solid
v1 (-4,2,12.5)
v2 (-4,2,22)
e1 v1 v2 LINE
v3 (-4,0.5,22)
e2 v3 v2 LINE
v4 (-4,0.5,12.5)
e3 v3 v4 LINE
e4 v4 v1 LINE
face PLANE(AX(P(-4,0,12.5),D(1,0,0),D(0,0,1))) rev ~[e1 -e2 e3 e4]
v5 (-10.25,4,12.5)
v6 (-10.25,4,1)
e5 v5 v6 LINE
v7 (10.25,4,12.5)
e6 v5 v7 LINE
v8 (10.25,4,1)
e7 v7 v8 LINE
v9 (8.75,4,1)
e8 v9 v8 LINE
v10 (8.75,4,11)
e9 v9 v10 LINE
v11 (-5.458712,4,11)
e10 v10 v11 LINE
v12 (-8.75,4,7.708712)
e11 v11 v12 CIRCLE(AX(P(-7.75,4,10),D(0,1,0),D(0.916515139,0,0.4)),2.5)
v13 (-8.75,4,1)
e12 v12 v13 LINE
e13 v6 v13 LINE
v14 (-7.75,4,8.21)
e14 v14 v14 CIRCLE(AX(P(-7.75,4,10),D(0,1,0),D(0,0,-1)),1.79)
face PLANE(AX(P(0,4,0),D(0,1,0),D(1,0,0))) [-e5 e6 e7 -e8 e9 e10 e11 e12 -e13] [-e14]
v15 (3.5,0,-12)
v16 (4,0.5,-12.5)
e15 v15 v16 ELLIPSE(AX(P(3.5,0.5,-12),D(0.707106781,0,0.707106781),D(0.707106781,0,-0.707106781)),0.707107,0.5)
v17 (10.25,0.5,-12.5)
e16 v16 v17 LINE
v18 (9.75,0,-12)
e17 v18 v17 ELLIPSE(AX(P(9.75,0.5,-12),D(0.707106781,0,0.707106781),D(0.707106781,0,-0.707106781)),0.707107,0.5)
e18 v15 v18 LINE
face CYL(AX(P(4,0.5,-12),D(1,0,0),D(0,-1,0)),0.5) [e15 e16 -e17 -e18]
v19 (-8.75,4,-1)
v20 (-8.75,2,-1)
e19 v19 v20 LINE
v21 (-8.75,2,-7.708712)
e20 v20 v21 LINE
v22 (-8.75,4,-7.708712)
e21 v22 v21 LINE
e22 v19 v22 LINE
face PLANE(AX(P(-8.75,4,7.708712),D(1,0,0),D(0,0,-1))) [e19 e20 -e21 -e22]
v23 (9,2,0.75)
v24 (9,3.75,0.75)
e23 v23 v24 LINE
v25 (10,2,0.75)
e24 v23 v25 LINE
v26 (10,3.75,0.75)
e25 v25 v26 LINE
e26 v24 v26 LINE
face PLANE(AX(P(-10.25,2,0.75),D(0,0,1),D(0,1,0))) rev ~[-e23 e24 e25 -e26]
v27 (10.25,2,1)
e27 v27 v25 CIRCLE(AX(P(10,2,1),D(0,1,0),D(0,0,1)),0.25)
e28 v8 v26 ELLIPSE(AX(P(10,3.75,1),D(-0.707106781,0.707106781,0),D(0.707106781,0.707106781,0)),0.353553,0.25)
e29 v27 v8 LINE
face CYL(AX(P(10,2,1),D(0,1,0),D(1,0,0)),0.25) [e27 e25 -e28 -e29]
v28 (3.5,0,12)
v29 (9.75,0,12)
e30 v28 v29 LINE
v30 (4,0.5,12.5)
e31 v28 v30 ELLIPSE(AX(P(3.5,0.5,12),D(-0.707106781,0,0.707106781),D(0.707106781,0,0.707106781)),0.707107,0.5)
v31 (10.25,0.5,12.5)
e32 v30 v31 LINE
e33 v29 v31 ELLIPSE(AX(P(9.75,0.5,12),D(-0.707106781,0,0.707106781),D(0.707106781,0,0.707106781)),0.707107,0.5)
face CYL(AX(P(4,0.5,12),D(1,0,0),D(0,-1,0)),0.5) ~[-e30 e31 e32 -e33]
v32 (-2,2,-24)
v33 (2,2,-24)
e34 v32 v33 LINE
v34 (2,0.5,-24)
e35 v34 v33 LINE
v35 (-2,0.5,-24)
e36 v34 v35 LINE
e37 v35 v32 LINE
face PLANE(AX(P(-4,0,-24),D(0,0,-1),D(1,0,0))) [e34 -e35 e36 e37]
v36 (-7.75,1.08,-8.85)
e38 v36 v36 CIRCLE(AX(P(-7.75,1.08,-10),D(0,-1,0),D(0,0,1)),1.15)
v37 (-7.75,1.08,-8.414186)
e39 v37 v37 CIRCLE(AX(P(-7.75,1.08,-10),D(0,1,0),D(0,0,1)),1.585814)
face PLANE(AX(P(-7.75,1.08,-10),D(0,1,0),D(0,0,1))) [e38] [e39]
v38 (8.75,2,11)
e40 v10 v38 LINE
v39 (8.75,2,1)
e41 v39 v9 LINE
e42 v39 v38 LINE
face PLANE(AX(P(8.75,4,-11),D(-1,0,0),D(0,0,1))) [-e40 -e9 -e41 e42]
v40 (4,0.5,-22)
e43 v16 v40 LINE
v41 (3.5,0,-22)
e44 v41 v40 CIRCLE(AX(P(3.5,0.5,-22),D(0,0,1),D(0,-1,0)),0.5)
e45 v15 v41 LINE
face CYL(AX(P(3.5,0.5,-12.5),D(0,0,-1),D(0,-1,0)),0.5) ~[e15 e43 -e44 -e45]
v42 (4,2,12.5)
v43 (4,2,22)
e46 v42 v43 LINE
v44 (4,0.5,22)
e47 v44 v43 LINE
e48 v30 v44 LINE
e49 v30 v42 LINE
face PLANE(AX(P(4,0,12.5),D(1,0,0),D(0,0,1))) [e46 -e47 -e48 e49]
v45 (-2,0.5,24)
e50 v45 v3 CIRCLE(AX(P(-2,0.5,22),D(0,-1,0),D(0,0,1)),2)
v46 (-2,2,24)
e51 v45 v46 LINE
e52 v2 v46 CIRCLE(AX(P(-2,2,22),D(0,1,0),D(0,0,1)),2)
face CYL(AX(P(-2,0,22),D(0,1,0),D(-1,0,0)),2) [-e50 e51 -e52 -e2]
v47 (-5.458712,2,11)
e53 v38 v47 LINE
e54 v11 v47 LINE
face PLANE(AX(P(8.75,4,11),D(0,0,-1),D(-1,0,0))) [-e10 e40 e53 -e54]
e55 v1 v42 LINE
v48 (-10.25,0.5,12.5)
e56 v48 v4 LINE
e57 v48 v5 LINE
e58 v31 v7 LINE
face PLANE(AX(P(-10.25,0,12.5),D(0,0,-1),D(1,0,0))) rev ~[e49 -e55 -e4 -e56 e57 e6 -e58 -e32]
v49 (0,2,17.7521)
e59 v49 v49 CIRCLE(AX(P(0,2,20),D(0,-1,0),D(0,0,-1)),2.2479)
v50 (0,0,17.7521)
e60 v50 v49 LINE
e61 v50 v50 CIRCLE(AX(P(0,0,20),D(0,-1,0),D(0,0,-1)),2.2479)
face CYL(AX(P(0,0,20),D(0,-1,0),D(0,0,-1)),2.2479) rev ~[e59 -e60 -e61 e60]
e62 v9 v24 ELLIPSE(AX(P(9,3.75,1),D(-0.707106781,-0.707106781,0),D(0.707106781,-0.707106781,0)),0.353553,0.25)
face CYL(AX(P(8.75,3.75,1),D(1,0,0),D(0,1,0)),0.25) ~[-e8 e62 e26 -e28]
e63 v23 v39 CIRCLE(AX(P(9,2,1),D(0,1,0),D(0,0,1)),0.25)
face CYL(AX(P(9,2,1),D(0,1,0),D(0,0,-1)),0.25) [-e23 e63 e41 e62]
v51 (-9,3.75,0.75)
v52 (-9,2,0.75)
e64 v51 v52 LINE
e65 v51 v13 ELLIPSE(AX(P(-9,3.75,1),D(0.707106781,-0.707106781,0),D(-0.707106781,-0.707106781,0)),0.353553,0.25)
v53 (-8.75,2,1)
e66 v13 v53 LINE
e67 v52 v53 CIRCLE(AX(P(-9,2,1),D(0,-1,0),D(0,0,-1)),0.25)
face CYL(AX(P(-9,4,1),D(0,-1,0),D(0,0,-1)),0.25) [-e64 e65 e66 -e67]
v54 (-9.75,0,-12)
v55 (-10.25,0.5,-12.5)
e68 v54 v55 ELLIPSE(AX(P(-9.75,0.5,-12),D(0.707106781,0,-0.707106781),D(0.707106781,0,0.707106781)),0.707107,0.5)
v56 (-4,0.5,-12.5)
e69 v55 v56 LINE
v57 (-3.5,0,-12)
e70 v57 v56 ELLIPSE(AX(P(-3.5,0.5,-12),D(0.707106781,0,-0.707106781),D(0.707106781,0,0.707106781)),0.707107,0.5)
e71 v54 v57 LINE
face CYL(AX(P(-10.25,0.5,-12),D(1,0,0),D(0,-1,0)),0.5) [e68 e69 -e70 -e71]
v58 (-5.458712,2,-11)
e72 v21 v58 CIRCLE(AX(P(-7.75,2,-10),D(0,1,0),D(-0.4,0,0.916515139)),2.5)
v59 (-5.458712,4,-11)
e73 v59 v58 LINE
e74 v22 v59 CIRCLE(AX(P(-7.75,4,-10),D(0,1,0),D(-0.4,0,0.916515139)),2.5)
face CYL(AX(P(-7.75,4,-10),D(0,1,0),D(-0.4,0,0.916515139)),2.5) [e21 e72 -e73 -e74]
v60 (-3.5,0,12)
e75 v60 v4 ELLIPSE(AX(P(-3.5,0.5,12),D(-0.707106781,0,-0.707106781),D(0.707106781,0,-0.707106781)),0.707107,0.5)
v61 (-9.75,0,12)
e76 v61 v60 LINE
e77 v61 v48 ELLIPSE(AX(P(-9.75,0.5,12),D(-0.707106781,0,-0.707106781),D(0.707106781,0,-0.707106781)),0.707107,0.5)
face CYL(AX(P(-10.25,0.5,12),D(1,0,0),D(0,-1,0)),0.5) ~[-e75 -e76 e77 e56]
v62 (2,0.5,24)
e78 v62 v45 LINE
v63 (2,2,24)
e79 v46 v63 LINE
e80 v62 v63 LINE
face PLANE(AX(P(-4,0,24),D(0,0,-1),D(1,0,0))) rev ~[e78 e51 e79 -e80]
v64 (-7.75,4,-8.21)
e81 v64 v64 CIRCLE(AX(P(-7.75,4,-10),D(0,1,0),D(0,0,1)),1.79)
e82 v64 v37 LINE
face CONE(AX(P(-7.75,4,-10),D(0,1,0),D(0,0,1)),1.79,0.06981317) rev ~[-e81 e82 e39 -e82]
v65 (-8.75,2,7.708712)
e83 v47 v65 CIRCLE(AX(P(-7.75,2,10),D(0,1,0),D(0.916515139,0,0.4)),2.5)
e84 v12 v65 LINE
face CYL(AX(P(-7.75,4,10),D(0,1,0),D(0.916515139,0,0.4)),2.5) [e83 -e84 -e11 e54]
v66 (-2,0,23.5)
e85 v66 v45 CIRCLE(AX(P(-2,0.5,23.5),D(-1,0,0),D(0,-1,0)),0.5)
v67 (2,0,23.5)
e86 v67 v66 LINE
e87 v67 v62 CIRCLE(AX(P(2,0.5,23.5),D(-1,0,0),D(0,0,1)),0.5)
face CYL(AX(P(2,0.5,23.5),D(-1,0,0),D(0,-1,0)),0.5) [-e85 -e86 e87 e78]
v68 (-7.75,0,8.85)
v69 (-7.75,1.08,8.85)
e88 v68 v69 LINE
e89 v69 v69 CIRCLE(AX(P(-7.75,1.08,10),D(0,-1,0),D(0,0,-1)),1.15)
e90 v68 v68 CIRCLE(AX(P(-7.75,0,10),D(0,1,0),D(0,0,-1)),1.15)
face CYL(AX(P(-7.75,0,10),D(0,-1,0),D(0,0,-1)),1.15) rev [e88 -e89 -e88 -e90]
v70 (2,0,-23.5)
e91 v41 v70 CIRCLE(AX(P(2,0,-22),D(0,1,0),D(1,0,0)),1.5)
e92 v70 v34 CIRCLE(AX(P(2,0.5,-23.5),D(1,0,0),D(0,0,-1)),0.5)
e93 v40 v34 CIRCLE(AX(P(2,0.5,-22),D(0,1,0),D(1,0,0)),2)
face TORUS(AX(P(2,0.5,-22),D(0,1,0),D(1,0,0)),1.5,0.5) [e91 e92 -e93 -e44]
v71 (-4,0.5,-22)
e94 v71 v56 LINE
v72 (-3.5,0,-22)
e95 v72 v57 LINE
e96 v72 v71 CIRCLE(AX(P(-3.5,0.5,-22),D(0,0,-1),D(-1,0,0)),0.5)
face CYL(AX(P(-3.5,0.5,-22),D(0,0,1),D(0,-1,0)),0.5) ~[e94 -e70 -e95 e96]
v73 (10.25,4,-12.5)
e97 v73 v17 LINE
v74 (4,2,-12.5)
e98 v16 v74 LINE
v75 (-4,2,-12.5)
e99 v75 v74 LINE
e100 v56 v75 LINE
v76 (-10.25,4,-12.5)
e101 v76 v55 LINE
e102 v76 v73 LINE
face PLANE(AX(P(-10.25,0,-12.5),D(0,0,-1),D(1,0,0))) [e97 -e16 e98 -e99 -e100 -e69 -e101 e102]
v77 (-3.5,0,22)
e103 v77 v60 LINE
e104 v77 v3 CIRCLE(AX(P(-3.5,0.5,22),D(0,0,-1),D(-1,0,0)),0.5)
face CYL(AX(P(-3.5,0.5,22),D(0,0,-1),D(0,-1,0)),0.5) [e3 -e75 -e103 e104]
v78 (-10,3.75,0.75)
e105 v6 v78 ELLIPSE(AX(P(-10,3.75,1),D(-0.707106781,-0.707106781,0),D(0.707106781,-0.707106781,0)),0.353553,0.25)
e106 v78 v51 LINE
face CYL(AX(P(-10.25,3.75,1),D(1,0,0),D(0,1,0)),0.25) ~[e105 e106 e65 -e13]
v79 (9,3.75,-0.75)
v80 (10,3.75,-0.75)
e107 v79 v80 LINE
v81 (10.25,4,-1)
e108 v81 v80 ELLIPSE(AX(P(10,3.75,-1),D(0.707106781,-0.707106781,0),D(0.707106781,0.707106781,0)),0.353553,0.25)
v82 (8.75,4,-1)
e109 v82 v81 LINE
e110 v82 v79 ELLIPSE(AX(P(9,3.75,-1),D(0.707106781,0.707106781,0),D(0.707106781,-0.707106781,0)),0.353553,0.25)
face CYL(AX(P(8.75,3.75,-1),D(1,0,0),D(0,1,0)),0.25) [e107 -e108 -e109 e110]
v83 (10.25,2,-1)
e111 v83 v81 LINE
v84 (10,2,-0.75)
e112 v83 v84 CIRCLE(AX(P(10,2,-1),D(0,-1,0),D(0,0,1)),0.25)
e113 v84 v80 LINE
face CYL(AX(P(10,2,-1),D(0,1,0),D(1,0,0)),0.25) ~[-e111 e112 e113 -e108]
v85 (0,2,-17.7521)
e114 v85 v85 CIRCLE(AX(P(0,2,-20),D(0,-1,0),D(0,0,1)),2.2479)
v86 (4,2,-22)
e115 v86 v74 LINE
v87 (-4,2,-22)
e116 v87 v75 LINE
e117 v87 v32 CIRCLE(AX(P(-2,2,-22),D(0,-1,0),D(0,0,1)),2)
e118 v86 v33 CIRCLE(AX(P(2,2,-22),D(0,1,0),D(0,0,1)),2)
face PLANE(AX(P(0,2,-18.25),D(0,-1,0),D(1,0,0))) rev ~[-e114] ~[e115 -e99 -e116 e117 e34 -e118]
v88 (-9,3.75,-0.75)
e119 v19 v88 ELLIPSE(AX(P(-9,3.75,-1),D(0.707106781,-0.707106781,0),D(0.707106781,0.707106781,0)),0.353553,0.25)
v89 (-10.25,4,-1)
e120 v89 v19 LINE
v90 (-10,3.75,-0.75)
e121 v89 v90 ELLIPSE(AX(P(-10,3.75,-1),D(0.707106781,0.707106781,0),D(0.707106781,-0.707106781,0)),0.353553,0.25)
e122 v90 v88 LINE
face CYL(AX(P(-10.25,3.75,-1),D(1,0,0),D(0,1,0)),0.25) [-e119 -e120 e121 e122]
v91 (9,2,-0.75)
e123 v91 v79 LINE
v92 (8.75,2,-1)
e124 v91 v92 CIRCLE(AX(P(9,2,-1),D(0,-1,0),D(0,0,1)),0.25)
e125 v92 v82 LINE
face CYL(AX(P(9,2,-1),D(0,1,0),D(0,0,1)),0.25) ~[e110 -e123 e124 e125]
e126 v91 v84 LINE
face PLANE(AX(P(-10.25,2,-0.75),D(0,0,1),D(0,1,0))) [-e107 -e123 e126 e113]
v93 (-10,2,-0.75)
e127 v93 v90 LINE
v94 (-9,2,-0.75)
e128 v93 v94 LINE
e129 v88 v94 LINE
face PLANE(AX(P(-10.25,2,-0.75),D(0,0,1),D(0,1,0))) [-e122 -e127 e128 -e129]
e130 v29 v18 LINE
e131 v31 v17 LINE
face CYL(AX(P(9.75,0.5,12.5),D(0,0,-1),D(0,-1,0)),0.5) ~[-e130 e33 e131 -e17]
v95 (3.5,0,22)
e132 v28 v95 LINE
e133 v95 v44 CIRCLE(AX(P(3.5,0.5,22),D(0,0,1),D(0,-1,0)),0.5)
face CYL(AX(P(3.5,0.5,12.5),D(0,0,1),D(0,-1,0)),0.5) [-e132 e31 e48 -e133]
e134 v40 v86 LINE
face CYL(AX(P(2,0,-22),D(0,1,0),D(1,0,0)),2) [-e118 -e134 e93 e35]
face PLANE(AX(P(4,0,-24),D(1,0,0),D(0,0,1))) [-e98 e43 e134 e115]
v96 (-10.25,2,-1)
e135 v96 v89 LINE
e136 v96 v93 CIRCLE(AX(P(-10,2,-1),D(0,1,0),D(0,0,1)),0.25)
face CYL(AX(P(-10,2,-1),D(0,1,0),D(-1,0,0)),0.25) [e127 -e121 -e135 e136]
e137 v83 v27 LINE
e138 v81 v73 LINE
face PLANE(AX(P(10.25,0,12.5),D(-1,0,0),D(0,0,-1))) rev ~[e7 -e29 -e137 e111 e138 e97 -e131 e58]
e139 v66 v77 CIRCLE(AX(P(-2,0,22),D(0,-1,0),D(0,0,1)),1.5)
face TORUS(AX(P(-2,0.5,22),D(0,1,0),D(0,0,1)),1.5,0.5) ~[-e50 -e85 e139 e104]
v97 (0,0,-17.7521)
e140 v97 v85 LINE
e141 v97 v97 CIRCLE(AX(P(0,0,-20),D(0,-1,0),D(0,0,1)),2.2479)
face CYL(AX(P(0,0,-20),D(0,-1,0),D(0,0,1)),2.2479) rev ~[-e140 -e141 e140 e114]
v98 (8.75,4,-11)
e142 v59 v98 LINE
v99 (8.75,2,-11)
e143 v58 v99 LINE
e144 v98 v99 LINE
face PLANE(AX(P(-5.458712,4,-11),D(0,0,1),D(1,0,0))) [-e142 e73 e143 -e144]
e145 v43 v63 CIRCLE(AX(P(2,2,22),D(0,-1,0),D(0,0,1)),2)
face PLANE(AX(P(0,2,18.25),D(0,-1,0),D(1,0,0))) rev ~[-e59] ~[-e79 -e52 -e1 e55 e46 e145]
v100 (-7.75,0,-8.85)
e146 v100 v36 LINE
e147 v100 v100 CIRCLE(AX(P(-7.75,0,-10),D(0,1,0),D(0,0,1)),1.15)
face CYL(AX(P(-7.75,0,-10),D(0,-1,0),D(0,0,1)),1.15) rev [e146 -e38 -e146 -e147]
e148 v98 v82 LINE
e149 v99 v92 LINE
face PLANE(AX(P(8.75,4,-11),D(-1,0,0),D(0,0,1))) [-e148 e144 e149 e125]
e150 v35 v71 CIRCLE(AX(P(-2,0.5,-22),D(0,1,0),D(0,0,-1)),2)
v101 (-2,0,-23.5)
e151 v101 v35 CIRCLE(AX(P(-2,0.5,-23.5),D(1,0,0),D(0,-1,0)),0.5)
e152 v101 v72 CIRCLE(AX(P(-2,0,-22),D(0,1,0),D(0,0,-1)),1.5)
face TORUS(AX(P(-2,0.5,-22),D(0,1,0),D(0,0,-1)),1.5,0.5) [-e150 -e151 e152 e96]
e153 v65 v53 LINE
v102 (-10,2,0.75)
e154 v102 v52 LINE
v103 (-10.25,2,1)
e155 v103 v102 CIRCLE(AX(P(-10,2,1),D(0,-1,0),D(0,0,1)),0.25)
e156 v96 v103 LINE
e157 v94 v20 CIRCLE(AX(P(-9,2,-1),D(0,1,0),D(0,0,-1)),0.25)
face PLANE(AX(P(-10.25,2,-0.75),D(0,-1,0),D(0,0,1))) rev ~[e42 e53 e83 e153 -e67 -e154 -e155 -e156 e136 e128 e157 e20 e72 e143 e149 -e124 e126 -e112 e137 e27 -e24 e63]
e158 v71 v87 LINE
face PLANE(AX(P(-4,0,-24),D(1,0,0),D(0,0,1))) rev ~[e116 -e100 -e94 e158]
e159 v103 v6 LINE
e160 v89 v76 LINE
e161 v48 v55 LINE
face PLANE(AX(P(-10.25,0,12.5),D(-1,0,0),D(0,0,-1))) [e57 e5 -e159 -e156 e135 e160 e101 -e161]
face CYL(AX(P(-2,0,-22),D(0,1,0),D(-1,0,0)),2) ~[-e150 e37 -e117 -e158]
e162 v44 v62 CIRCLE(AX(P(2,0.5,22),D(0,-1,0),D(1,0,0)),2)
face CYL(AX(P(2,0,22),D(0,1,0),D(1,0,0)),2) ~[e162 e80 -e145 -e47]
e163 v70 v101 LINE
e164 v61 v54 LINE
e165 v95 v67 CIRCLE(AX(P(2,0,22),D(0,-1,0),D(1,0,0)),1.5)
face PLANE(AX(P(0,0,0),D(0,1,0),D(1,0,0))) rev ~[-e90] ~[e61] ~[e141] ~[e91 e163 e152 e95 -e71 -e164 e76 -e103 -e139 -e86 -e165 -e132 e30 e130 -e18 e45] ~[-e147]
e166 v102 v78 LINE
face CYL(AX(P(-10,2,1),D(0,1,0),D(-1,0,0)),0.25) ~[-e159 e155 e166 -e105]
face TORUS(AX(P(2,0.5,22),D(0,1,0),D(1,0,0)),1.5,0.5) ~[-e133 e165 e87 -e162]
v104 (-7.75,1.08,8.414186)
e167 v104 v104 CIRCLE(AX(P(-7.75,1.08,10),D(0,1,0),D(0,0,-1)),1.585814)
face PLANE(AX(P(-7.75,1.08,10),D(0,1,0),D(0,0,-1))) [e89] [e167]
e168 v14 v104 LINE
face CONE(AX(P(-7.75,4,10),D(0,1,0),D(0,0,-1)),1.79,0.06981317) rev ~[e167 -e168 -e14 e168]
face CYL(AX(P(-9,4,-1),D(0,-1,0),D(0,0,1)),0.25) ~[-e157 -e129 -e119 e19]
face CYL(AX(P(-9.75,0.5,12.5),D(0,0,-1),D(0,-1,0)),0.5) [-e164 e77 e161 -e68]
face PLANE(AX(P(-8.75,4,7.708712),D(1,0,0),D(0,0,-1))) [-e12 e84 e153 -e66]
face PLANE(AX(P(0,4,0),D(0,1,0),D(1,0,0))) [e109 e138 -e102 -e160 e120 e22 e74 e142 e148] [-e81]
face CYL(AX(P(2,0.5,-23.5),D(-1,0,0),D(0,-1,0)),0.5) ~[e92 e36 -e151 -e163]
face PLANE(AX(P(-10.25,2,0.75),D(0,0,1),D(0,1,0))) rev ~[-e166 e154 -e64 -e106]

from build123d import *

# Parameters (mm, degrees)
SKETCH2_W           = 20.5
SKETCH2_H           = 25
SKETCH2_R           = 1.15
BOSS_EXTRUDE1_DEPTH = 4
SKETCH3_OUTSIDE_W   = 29.016
SKETCH3_OUTSIDE_H   = 33.516
SKETCH3_OUTSIDE_W_2 = 20.5
SKETCH3_OUTSIDE_H_2 = 25
CUT_EXTRUDE1_DEPTH  = 2
SKETCH4_R           = 1.79
CUT_EXTRUDE2_DEPTH  = 2.92
DRAFT1_ANGLE        = 4
SKETCH5_W           = 8
SKETCH5_H           = 11.5
SKETCH5_R           = 2.2479
BOSS_EXTRUDE2_DEPTH = 2
FILLET1_R           = 2
FILLET2_R           = 0.5
SKETCH7_W           = 1.5
SKETCH7_H           = 2
CUT_EXTRUDE4_DEPTH  = 32.81587654
FILLET3_R           = 0.25


with BuildPart() as part:
    # Sketch2 → Boss-Extrude1 (new body)
    with BuildSketch(Plane(origin=(0, 0, 0), x_dir=(1, 0, 0), z_dir=(0, 1, 0))):
        Rectangle(SKETCH2_W, SKETCH2_H)
        with Locations(Location((-7.75, 10, 0), (0, 0, 270))):
            Circle(SKETCH2_R, mode=Mode.SUBTRACT)
        with Locations(Location((-7.75, -10, 0), (0, 0, 90))):
            Circle(SKETCH2_R, mode=Mode.SUBTRACT)
    extrude(amount=BOSS_EXTRUDE1_DEPTH)

    # Sketch3 outside → Cut-Extrude1 (cut)
    # profile 1 of 2: a face of its own
    with BuildSketch(Plane(origin=(0, 4, 0), x_dir=(1, 0, 0), z_dir=(0, 1, 0))):
        Rectangle(SKETCH3_OUTSIDE_W, SKETCH3_OUTSIDE_H)
        Rectangle(SKETCH3_OUTSIDE_W_2, SKETCH3_OUTSIDE_H_2, mode=Mode.SUBTRACT)
    # profile 2 of 2: a face of its own
    with BuildSketch(Plane(origin=(0, 4, 0), x_dir=(1, 0, 0), z_dir=(0, 1, 0))):
        with BuildLine():
            Line((-5.458712153, 11), (8.75, 11))
            Line((8.75, 11), (8.75, -11))
            Line((8.75, -11), (-5.458712153, -11))
            ThreePointArc((-5.458712153, -11), (-5.982233047, -8.232233047), (-8.75, -7.708712153))
            Line((-8.75, -7.708712153), (-8.75, 7.708712153))
            ThreePointArc((-8.75, 7.708712153), (-5.982233047, 8.232233047), (-5.458712153, 11))
        make_face()
    extrude(amount=-CUT_EXTRUDE1_DEPTH, mode=Mode.SUBTRACT)

    # Sketch4 → Cut-Extrude2 (cut)
    with BuildSketch(Plane(origin=(0, 4, 0), x_dir=(1, 0, 0), z_dir=(0, 1, 0))):
        with Locations(Location((-7.75, 10, 0), (0, 0, 270))):
            Circle(SKETCH4_R)
        with Locations(Location((-7.75, -10, 0), (0, 0, 90))):
            Circle(SKETCH4_R)
    extrude(amount=-CUT_EXTRUDE2_DEPTH, mode=Mode.SUBTRACT)

    # Draft1
    draft1_faces = [part.faces().sort_by_distance(p)[0] for p in [
        (-7.75, 2.54, 11.79),
        (-7.75, 2.54, -11.79),
    ]]
    draft(draft1_faces, Plane.ZX.offset(4), DRAFT1_ANGLE)

    # Sketch5 → Boss-Extrude2 (add)
    # profile 1 of 2: a face of its own
    with BuildSketch(Plane.XZ):
        with Locations((0, 18.25)):
            Rectangle(SKETCH5_W, SKETCH5_H)
        with Locations(Location((0, 20, 0), (0, 0, 270))):
            Circle(SKETCH5_R, mode=Mode.SUBTRACT)
    # profile 2 of 2: a face of its own
    with BuildSketch(Plane.XZ):
        with Locations((0, -18.25)):
            Rectangle(SKETCH5_W, SKETCH5_H)
        with Locations(Location((0, -20, 0), (0, 0, 90))):
            Circle(SKETCH5_R, mode=Mode.SUBTRACT)
    extrude(amount=-BOSS_EXTRUDE2_DEPTH)

    # Fillet1
    fillet1_edges = [part.edges().sort_by_distance(p)[0] for p in [
        (4, 1, 24),
        (-4, 1, 24),
        (4, 1, -24),
        (-4, 1, -24),
    ]]
    fillet(fillet1_edges, radius=FILLET1_R)

    # Fillet2
    fillet2_edges = [part.edges().sort_by_distance(p)[0] for p in [
        (7.125, 0, 12.5),
        (4, 0, 17.25),
        (-7.125, 0, -12.5),
        (-4, 0, -17.25),
        (0, 0, 24),
        (-4, 0, 17.25),
        (0, 0, -24),
        (4, 0, -17.25),
        (-3.414213562, 0, 23.414213562),
        (3.414213562, 0, 23.414213562),
        (3.414213562, 0, -23.414213562),
        (-3.414213562, 0, -23.414213562),
        (-7.125, 0, 12.5),
        (-10.25, 0, 0),
        (7.125, 0, -12.5),
        (10.25, 0, 0),
    ]]
    fillet(fillet2_edges, radius=FILLET2_R)

    # Sketch7 → Cut-Extrude4 (cut, through all)
    with BuildSketch(Plane.ZY.offset(10.25)):
        with Locations((0, 3)):
            Rectangle(SKETCH7_W, SKETCH7_H)
    extrude(amount=-CUT_EXTRUDE4_DEPTH, mode=Mode.SUBTRACT)

    # Fillet3
    fillet3_edges = [part.edges().sort_by_distance(p)[0] for p in [
        (9.5, 4, -0.75),
        (-9.5, 4, -0.75),
        (9.5, 4, 0.75),
        (8.75, 3, 0.75),
        (10.25, 3, 0.75),
        (-8.75, 3, 0.75),
        (-9.5, 4, 0.75),
        (8.75, 3, -0.75),
        (10.25, 3, -0.75),
        (-8.75, 3, -0.75),
        (-10.25, 3, 0.75),
        (-10.25, 3, -0.75),
    ]]
    fillet(fillet3_edges, radius=FILLET3_R)


solid = part.part
